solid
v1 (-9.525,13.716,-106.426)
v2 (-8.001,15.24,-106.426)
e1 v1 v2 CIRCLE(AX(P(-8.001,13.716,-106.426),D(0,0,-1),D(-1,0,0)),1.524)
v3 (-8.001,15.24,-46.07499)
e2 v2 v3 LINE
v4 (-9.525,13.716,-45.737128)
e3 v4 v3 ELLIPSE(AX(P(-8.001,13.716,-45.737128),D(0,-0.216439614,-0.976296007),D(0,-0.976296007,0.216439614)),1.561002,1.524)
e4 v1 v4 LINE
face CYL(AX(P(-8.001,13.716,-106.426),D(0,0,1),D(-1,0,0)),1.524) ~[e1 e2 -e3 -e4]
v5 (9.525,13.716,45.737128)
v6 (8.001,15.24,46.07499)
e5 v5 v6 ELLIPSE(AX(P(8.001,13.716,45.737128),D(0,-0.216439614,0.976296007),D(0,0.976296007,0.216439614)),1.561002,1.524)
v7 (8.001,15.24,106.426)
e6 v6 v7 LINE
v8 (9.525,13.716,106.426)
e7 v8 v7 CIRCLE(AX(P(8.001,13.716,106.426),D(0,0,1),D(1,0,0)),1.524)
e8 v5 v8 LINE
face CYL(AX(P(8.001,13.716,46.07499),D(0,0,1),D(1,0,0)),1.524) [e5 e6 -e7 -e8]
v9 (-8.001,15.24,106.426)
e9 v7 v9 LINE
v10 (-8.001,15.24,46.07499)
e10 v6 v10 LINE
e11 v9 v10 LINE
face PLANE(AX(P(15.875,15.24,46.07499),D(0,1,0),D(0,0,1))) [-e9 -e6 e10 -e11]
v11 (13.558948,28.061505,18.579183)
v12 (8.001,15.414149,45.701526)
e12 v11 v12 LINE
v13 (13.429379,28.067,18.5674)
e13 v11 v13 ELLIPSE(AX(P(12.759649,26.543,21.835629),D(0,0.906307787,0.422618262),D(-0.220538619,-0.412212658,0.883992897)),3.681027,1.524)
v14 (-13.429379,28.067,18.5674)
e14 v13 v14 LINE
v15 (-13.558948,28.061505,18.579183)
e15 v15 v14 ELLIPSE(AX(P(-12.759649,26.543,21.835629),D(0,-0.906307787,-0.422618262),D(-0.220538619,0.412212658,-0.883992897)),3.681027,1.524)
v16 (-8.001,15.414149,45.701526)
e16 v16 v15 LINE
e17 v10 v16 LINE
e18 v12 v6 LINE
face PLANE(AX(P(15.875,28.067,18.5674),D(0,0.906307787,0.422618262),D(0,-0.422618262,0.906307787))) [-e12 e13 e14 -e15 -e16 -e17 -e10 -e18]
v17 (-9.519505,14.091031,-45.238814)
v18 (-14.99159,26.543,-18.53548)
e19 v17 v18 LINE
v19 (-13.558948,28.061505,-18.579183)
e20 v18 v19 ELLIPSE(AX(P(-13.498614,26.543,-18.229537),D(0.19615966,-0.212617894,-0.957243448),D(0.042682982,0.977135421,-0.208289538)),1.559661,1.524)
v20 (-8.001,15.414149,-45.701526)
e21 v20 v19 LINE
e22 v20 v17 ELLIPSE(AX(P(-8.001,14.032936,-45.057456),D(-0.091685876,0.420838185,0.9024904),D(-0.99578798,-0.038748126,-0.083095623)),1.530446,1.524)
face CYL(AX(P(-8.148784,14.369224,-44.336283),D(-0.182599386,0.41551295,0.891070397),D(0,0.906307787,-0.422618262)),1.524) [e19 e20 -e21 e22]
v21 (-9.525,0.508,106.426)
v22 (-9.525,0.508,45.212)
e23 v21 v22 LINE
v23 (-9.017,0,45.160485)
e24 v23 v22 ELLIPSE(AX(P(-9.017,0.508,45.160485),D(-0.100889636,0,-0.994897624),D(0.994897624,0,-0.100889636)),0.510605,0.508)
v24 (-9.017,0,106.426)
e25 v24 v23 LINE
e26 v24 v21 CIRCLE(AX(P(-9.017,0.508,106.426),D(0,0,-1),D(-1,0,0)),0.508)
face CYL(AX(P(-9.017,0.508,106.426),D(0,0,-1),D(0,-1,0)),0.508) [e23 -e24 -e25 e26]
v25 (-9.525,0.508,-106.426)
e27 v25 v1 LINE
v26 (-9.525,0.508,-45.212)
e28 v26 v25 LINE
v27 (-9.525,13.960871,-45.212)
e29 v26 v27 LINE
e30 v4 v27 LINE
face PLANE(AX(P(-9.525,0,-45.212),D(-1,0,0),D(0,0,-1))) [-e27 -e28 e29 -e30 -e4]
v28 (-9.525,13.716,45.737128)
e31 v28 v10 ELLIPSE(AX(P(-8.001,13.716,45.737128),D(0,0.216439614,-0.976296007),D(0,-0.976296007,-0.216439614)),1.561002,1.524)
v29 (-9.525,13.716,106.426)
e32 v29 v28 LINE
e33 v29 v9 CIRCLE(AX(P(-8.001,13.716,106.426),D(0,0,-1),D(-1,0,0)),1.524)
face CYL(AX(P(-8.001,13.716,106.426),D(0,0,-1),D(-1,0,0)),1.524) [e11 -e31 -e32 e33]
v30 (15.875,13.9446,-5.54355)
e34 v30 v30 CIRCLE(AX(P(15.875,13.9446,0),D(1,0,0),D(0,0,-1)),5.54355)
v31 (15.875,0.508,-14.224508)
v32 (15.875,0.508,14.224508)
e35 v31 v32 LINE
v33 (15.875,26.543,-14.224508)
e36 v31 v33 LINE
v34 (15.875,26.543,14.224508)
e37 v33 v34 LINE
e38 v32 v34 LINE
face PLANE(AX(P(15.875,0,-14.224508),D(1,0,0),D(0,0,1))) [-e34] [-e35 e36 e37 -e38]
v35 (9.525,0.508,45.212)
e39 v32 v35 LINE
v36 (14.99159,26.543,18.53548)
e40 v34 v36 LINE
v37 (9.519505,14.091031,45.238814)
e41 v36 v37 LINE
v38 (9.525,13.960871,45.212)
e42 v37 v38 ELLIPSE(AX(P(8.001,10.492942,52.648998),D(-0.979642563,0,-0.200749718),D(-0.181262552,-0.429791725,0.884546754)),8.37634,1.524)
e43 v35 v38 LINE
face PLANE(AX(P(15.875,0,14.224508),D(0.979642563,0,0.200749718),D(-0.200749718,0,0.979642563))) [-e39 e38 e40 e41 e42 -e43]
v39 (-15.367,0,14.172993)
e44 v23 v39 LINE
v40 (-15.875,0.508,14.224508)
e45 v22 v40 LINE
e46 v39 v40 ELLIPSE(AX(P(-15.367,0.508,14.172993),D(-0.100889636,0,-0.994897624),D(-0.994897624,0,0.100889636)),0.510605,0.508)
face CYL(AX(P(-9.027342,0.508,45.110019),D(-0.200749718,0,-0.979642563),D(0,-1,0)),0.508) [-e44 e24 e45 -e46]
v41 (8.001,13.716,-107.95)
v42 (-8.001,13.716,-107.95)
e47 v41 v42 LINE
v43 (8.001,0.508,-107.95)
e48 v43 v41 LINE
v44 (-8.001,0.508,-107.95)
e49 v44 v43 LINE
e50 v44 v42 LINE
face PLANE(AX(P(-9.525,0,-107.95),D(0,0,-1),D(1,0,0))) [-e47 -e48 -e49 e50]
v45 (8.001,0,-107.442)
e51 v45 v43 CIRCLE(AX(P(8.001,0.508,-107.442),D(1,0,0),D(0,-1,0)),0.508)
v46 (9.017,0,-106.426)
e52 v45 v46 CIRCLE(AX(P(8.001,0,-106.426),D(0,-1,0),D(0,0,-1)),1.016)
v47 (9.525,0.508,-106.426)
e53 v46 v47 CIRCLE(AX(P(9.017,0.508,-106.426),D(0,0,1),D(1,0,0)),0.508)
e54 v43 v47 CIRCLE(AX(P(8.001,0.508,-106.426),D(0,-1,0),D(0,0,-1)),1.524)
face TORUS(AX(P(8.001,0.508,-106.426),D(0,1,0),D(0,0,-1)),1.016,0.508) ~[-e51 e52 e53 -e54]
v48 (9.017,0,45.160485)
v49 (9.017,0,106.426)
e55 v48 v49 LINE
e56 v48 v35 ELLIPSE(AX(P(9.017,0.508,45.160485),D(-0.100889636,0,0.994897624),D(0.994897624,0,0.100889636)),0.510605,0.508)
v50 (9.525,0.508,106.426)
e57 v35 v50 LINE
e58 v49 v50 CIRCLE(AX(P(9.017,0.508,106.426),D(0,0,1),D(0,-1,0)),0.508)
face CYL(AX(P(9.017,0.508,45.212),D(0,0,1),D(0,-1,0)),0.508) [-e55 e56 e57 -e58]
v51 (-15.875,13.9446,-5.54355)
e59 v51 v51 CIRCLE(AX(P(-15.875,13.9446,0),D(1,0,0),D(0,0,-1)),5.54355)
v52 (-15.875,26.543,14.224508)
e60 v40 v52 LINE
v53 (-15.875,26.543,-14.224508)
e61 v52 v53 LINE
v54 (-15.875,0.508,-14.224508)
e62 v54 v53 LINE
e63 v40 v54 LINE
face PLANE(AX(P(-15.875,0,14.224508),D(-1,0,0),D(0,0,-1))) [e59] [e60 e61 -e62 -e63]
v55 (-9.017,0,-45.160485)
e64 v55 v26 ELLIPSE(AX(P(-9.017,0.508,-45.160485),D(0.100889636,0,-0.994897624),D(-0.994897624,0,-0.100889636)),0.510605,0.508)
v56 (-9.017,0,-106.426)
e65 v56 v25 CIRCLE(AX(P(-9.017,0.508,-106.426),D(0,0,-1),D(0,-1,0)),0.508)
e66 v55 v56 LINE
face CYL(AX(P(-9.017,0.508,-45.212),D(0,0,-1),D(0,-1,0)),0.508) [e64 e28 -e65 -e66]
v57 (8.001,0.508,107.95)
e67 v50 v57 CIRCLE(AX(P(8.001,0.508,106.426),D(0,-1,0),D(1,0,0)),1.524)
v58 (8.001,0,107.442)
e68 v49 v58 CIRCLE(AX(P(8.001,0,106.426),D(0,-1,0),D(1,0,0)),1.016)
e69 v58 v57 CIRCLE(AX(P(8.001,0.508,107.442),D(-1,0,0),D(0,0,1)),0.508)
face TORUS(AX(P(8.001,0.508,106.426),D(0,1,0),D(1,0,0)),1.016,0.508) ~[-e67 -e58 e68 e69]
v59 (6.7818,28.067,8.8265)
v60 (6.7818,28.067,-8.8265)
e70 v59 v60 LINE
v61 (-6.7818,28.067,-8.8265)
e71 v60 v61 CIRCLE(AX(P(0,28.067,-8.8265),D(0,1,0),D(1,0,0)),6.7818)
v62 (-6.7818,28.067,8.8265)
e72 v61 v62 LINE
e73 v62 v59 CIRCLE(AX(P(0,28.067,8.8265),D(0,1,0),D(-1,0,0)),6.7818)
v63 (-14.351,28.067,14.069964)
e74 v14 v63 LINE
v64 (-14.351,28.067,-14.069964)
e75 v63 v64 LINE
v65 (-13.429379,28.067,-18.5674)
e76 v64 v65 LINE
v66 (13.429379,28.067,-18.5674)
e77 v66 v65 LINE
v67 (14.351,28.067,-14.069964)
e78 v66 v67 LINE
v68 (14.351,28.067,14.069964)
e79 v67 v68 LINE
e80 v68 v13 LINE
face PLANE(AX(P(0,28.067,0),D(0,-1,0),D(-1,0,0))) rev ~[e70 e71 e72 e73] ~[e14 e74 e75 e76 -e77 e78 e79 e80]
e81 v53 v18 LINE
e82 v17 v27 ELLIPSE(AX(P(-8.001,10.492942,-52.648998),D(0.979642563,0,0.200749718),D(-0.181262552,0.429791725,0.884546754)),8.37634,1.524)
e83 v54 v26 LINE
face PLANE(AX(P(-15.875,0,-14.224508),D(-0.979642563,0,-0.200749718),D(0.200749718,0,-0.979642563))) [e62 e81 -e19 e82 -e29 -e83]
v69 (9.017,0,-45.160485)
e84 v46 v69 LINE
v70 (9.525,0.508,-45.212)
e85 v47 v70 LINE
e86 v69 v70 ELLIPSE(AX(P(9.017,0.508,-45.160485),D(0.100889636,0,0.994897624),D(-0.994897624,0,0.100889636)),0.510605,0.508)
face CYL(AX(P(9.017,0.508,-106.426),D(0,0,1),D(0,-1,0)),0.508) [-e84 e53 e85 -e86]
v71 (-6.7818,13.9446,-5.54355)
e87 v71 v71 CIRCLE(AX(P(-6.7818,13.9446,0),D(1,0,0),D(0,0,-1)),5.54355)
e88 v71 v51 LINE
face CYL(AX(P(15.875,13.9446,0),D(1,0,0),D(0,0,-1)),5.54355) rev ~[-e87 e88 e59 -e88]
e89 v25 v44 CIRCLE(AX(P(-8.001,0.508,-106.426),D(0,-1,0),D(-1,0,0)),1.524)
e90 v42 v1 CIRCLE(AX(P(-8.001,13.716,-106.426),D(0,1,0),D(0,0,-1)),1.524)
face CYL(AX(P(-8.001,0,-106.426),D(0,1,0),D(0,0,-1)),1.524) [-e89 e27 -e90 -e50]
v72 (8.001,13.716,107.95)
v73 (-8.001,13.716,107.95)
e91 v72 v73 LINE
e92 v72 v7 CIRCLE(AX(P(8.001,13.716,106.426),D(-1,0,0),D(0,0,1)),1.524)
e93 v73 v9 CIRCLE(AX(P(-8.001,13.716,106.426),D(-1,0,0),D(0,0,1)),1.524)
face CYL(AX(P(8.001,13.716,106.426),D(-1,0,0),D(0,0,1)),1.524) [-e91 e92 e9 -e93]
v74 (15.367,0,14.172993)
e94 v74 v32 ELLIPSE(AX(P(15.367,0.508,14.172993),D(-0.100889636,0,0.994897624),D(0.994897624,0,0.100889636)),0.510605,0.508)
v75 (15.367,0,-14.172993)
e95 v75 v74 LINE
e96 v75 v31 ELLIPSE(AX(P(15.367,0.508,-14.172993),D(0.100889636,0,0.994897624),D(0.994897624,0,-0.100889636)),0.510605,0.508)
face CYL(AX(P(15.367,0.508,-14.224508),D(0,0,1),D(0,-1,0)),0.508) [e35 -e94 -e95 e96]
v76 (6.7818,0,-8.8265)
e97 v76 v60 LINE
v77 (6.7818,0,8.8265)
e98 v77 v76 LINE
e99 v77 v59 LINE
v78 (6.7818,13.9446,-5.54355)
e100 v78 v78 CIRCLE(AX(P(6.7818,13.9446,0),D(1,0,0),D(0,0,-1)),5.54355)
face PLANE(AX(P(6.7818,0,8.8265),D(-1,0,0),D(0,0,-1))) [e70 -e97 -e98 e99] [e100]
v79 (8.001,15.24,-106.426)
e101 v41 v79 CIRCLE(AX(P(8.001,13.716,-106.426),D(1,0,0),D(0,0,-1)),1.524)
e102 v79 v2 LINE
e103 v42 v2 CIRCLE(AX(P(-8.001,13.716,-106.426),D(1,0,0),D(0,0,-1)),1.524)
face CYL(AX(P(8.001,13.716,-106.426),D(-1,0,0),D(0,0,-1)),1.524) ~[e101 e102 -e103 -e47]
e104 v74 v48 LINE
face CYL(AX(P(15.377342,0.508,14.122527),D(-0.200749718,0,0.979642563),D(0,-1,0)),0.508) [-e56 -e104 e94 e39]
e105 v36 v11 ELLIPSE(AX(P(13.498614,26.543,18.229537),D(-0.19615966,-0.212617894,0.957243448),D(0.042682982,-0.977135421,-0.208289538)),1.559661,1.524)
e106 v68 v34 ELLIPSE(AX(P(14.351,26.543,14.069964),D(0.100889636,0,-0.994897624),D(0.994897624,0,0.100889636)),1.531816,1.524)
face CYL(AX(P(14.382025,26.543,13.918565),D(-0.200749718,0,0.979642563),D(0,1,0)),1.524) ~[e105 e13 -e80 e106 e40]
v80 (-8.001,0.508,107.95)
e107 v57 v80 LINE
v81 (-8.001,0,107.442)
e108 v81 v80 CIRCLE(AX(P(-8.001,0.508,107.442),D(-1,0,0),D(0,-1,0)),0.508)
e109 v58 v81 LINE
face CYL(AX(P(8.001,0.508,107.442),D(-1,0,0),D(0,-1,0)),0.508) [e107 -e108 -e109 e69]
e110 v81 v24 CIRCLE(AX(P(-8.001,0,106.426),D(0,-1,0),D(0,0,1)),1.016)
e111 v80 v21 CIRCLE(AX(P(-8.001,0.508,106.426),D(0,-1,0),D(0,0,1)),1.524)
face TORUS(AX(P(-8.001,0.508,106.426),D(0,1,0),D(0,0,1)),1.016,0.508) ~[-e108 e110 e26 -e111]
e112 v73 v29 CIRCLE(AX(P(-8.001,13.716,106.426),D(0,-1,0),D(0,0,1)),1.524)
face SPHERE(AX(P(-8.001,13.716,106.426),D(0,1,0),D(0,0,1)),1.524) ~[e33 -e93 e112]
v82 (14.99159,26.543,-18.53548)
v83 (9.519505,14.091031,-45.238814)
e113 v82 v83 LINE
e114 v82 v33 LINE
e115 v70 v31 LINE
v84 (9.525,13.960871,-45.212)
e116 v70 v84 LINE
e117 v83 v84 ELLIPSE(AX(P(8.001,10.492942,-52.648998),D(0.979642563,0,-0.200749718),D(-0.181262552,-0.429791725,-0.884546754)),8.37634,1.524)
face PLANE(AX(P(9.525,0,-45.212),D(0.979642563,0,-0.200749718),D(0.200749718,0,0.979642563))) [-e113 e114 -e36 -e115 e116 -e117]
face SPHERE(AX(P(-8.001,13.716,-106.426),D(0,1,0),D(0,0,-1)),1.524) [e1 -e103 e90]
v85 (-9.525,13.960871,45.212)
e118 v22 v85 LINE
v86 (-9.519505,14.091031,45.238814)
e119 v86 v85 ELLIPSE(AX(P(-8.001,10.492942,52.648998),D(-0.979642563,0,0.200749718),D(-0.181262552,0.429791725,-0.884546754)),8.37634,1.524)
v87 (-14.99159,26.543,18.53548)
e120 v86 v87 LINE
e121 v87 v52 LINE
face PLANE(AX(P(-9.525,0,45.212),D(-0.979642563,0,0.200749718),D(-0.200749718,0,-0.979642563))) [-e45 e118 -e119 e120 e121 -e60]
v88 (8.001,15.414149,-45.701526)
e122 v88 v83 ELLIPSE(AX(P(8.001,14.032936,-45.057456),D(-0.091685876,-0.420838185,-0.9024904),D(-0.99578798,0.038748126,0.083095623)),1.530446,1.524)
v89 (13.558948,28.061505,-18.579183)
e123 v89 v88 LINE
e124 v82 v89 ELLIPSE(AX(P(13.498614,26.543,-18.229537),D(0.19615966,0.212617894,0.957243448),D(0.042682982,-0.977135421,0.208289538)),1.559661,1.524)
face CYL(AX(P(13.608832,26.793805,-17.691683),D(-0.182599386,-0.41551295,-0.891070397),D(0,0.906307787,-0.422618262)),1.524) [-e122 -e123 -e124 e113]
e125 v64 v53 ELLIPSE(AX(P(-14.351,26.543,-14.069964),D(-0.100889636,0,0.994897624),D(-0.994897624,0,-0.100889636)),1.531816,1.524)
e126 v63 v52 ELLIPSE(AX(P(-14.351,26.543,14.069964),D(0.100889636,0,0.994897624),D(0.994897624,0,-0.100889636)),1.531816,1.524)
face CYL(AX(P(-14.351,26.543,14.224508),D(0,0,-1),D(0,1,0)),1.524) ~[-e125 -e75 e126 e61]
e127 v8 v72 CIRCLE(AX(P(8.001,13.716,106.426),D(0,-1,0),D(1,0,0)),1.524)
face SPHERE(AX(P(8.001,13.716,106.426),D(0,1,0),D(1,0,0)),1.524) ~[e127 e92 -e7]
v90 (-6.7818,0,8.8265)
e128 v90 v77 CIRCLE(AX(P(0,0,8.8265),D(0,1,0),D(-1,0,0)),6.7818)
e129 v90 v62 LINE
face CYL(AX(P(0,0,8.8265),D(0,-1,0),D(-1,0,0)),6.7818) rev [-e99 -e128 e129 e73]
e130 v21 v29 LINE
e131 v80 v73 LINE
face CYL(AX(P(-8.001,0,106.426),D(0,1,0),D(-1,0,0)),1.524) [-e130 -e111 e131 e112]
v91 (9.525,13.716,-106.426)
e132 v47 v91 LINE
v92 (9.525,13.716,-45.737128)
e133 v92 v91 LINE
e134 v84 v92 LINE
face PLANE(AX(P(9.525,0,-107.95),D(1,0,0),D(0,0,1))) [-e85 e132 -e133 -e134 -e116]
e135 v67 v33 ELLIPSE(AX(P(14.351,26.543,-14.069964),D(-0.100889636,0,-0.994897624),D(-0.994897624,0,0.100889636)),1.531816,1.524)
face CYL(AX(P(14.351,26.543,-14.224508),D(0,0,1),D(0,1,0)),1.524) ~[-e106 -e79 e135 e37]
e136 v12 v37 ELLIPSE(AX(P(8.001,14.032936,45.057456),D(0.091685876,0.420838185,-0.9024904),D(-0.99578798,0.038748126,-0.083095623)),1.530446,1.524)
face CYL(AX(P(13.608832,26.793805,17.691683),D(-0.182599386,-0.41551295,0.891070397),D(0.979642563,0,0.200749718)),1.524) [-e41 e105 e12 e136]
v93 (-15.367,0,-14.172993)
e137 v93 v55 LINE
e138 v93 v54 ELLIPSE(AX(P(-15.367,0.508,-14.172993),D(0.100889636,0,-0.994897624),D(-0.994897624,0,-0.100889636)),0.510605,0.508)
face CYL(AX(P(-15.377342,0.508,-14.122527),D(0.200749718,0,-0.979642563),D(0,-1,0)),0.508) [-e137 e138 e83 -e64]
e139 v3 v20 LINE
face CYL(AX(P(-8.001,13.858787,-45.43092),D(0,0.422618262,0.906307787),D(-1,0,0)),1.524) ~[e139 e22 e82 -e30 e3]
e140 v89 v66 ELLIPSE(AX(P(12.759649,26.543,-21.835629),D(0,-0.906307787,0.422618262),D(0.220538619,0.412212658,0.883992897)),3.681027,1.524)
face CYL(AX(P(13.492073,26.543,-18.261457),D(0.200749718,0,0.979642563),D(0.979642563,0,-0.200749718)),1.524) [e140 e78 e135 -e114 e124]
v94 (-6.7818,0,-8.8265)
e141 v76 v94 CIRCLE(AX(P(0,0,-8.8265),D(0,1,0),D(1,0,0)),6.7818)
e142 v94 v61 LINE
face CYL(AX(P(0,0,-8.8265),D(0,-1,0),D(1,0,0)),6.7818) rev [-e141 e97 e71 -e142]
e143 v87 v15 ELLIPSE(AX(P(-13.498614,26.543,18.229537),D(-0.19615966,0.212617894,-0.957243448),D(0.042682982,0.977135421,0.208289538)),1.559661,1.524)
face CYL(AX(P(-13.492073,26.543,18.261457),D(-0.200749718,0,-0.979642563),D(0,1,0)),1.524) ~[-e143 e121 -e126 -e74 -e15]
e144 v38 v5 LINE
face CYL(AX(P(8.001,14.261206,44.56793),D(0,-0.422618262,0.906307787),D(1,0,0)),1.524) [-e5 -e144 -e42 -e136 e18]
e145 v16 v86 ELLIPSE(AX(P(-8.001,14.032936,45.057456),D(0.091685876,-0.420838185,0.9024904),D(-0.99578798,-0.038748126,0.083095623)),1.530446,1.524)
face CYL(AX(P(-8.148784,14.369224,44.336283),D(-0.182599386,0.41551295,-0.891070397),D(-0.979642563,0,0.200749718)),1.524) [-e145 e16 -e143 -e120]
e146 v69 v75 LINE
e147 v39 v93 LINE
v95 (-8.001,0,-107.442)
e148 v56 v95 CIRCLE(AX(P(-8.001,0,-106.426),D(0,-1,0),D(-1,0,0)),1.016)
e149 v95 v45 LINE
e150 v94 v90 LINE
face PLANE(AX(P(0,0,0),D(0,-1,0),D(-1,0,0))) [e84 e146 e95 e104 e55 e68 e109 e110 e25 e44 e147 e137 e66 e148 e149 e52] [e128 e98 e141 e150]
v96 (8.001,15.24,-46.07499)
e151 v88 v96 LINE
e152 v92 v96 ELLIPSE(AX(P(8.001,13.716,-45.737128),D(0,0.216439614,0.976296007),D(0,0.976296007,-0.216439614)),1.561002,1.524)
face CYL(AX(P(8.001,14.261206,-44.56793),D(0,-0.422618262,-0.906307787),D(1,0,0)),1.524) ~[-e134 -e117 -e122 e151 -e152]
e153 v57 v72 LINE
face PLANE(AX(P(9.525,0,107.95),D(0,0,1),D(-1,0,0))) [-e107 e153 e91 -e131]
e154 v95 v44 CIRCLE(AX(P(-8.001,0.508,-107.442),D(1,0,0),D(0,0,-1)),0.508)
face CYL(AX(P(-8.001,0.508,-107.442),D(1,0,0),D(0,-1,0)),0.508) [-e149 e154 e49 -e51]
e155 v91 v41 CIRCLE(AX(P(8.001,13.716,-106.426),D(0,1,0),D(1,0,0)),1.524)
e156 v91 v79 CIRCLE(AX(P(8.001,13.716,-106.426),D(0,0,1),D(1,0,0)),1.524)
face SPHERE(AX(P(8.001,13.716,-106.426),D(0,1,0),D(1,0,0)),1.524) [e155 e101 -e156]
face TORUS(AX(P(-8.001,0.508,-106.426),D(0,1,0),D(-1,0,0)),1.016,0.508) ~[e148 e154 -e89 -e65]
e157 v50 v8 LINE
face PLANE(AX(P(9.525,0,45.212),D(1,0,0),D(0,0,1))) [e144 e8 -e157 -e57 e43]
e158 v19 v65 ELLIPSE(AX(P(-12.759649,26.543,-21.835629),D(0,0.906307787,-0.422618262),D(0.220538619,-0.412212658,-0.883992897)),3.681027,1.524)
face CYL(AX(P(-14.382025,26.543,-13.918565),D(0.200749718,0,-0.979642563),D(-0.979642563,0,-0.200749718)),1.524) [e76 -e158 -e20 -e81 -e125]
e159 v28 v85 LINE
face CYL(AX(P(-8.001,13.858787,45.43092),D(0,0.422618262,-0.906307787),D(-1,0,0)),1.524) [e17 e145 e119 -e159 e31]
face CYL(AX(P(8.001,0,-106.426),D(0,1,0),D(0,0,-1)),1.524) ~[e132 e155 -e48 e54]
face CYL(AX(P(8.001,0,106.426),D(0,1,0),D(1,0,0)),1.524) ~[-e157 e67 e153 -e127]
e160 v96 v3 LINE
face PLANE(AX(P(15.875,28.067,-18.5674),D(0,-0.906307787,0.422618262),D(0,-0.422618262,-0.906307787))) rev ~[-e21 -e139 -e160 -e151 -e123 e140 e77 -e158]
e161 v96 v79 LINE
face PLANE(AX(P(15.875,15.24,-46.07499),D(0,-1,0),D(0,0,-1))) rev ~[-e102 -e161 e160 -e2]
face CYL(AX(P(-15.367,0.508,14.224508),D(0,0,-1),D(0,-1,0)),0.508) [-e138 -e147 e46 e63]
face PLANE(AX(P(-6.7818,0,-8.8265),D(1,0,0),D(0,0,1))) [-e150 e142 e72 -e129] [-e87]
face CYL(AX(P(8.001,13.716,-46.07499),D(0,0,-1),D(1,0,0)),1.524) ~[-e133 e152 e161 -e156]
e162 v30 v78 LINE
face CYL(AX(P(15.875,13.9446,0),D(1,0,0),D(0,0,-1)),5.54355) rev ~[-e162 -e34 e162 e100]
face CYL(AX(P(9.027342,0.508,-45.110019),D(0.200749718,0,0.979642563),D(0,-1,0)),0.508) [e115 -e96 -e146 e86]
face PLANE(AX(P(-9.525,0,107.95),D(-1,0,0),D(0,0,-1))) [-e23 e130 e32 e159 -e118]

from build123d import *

# Parameters (mm, degrees)
EXTRUDE1_DEPTH     = 28.067
CUT_EXTRUDE1_DEPTH = 32.75
SKETCH3_R          = 5.54355
CUT_EXTRUDE2_DEPTH = 32.75
FILLET1_R          = 1.524
FILLET2_R          = 0.508
FILLET3_R          = 1.524


with BuildPart() as part:
    # Sketch1 → Extrude1 (new body)
    with BuildSketch(Plane(origin=(0, 0, 0), x_dir=(1, 0, 0), z_dir=(0, 1, 0))):
        Polygon((-9.525, 107.95), (9.525, 107.95), (9.525, 45.212), (15.875, 14.224508), (15.875, -14.224508), (9.525, -45.212), (9.525, -107.95), (-9.525, -107.95), (-9.525, -45.212), (-15.875, -14.224508), (-15.875, 14.224508), (-9.525, 45.212), align=None)
        with BuildLine():
            Line((-6.7818, 8.8265), (-6.7818, -8.8265))
            ThreePointArc((-6.7818, -8.8265), (0, -15.6083), (6.7818, -8.8265))
            Line((6.7818, -8.8265), (6.7818, 8.8265))
            ThreePointArc((6.7818, 8.8265), (0, 15.6083), (-6.7818, 8.8265))
        make_face(mode=Mode.SUBTRACT)
    extrude(amount=EXTRUDE1_DEPTH)

    # Sketch2 → Cut-Extrude1 (cut, through all)
    with BuildSketch(Plane(origin=(15.875, 0, 0), x_dir=(0, 0, -1), z_dir=(1, 0, 0))):
        Polygon((107.95, 28.067), (18.5674, 28.067), (46.074990269, 15.24), (107.95, 15.24), align=None)
        Polygon((-107.95, 15.24), (-107.95, 28.067), (-18.5674, 28.067), (-46.074990269, 15.24), align=None)
    extrude(amount=-CUT_EXTRUDE1_DEPTH, mode=Mode.SUBTRACT)

    # Sketch3 → Cut-Extrude2 (cut, through all)
    with BuildSketch(Plane(origin=(15.875, 0, 0), x_dir=(0, 0, -1), z_dir=(1, 0, 0))):
        with Locations((0, 13.9446)):
            Circle(SKETCH3_R)
    extrude(amount=-CUT_EXTRUDE2_DEPTH, mode=Mode.SUBTRACT)

    # Fillet1
    fillet1_edges = [part.edges().sort_by_distance(p)[0] for p in [
        (-9.525, 7.62, -107.95),
        (9.525, 7.62, -107.95),
        (9.525, 7.62, 107.95),
        (-9.525, 7.62, 107.95),
    ]]
    fillet(fillet1_edges, radius=FILLET1_R)

    # Fillet2
    fillet2_edges = [part.edges().sort_by_distance(p)[0] for p in [
        (-9.525, 0, -75.819),
        (9.525, 0, 75.819),
        (0, 0, 107.95),
        (0, 0, -107.95),
        (-9.078630735, 0, 107.503630735),
        (12.7, 0, -29.718254),
        (9.078630735, 0, 107.503630735),
        (9.078630735, 0, -107.503630735),
        (-9.078630735, 0, -107.503630735),
        (15.875, 0, 0),
        (12.7, 0, 29.718254),
        (-9.525, 0, 75.819),
        (-12.7, 0, 29.718254),
        (-15.875, 0, 0),
        (-12.7, 0, -29.718254),
        (9.525, 0, -75.819),
    ]]
    fillet(fillet2_edges, radius=FILLET2_R)

    # Fillet3
    fillet3_edges = [part.edges().sort_by_distance(p)[0] for p in [
        (0, 15.24, -107.95),
        (9.525, 15.24, -76.250495135),
        (9.078630735, 15.24, -107.503630735),
        (-9.078630735, 15.24, -107.503630735),
        (0, 15.24, 107.95),
        (-9.525, 15.24, 76.250495135),
        (-9.078630735, 15.24, 107.503630735),
        (9.078630735, 15.24, 107.503630735),
        (-15.875, 28.067, 0),
        (-15.430024263, 28.067, 16.395954),
        (15.875, 28.067, 0),
        (15.430024263, 28.067, -16.395954),
        (12.255024263, 21.854709486, -31.8897),
        (-15.430024263, 28.067, -16.395954),
        (-9.525, 15.24, -76.250495135),
        (-12.255024263, 21.854709486, -31.8897),
        (-9.525, 15.441209486, -45.643495135),
        (9.525, 15.441209486, -45.643495135),
        (15.430024263, 28.067, 16.395954),
        (12.255024263, 21.854709486, 31.8897),
        (9.525, 15.24, 76.250495135),
        (-9.525, 15.441209486, 45.643495135),
        (-12.255024263, 21.854709486, 31.8897),
        (9.525, 15.441209486, 45.643495135),
    ]]
    fillet(fillet3_edges, radius=FILLET3_R)


solid = part.part
